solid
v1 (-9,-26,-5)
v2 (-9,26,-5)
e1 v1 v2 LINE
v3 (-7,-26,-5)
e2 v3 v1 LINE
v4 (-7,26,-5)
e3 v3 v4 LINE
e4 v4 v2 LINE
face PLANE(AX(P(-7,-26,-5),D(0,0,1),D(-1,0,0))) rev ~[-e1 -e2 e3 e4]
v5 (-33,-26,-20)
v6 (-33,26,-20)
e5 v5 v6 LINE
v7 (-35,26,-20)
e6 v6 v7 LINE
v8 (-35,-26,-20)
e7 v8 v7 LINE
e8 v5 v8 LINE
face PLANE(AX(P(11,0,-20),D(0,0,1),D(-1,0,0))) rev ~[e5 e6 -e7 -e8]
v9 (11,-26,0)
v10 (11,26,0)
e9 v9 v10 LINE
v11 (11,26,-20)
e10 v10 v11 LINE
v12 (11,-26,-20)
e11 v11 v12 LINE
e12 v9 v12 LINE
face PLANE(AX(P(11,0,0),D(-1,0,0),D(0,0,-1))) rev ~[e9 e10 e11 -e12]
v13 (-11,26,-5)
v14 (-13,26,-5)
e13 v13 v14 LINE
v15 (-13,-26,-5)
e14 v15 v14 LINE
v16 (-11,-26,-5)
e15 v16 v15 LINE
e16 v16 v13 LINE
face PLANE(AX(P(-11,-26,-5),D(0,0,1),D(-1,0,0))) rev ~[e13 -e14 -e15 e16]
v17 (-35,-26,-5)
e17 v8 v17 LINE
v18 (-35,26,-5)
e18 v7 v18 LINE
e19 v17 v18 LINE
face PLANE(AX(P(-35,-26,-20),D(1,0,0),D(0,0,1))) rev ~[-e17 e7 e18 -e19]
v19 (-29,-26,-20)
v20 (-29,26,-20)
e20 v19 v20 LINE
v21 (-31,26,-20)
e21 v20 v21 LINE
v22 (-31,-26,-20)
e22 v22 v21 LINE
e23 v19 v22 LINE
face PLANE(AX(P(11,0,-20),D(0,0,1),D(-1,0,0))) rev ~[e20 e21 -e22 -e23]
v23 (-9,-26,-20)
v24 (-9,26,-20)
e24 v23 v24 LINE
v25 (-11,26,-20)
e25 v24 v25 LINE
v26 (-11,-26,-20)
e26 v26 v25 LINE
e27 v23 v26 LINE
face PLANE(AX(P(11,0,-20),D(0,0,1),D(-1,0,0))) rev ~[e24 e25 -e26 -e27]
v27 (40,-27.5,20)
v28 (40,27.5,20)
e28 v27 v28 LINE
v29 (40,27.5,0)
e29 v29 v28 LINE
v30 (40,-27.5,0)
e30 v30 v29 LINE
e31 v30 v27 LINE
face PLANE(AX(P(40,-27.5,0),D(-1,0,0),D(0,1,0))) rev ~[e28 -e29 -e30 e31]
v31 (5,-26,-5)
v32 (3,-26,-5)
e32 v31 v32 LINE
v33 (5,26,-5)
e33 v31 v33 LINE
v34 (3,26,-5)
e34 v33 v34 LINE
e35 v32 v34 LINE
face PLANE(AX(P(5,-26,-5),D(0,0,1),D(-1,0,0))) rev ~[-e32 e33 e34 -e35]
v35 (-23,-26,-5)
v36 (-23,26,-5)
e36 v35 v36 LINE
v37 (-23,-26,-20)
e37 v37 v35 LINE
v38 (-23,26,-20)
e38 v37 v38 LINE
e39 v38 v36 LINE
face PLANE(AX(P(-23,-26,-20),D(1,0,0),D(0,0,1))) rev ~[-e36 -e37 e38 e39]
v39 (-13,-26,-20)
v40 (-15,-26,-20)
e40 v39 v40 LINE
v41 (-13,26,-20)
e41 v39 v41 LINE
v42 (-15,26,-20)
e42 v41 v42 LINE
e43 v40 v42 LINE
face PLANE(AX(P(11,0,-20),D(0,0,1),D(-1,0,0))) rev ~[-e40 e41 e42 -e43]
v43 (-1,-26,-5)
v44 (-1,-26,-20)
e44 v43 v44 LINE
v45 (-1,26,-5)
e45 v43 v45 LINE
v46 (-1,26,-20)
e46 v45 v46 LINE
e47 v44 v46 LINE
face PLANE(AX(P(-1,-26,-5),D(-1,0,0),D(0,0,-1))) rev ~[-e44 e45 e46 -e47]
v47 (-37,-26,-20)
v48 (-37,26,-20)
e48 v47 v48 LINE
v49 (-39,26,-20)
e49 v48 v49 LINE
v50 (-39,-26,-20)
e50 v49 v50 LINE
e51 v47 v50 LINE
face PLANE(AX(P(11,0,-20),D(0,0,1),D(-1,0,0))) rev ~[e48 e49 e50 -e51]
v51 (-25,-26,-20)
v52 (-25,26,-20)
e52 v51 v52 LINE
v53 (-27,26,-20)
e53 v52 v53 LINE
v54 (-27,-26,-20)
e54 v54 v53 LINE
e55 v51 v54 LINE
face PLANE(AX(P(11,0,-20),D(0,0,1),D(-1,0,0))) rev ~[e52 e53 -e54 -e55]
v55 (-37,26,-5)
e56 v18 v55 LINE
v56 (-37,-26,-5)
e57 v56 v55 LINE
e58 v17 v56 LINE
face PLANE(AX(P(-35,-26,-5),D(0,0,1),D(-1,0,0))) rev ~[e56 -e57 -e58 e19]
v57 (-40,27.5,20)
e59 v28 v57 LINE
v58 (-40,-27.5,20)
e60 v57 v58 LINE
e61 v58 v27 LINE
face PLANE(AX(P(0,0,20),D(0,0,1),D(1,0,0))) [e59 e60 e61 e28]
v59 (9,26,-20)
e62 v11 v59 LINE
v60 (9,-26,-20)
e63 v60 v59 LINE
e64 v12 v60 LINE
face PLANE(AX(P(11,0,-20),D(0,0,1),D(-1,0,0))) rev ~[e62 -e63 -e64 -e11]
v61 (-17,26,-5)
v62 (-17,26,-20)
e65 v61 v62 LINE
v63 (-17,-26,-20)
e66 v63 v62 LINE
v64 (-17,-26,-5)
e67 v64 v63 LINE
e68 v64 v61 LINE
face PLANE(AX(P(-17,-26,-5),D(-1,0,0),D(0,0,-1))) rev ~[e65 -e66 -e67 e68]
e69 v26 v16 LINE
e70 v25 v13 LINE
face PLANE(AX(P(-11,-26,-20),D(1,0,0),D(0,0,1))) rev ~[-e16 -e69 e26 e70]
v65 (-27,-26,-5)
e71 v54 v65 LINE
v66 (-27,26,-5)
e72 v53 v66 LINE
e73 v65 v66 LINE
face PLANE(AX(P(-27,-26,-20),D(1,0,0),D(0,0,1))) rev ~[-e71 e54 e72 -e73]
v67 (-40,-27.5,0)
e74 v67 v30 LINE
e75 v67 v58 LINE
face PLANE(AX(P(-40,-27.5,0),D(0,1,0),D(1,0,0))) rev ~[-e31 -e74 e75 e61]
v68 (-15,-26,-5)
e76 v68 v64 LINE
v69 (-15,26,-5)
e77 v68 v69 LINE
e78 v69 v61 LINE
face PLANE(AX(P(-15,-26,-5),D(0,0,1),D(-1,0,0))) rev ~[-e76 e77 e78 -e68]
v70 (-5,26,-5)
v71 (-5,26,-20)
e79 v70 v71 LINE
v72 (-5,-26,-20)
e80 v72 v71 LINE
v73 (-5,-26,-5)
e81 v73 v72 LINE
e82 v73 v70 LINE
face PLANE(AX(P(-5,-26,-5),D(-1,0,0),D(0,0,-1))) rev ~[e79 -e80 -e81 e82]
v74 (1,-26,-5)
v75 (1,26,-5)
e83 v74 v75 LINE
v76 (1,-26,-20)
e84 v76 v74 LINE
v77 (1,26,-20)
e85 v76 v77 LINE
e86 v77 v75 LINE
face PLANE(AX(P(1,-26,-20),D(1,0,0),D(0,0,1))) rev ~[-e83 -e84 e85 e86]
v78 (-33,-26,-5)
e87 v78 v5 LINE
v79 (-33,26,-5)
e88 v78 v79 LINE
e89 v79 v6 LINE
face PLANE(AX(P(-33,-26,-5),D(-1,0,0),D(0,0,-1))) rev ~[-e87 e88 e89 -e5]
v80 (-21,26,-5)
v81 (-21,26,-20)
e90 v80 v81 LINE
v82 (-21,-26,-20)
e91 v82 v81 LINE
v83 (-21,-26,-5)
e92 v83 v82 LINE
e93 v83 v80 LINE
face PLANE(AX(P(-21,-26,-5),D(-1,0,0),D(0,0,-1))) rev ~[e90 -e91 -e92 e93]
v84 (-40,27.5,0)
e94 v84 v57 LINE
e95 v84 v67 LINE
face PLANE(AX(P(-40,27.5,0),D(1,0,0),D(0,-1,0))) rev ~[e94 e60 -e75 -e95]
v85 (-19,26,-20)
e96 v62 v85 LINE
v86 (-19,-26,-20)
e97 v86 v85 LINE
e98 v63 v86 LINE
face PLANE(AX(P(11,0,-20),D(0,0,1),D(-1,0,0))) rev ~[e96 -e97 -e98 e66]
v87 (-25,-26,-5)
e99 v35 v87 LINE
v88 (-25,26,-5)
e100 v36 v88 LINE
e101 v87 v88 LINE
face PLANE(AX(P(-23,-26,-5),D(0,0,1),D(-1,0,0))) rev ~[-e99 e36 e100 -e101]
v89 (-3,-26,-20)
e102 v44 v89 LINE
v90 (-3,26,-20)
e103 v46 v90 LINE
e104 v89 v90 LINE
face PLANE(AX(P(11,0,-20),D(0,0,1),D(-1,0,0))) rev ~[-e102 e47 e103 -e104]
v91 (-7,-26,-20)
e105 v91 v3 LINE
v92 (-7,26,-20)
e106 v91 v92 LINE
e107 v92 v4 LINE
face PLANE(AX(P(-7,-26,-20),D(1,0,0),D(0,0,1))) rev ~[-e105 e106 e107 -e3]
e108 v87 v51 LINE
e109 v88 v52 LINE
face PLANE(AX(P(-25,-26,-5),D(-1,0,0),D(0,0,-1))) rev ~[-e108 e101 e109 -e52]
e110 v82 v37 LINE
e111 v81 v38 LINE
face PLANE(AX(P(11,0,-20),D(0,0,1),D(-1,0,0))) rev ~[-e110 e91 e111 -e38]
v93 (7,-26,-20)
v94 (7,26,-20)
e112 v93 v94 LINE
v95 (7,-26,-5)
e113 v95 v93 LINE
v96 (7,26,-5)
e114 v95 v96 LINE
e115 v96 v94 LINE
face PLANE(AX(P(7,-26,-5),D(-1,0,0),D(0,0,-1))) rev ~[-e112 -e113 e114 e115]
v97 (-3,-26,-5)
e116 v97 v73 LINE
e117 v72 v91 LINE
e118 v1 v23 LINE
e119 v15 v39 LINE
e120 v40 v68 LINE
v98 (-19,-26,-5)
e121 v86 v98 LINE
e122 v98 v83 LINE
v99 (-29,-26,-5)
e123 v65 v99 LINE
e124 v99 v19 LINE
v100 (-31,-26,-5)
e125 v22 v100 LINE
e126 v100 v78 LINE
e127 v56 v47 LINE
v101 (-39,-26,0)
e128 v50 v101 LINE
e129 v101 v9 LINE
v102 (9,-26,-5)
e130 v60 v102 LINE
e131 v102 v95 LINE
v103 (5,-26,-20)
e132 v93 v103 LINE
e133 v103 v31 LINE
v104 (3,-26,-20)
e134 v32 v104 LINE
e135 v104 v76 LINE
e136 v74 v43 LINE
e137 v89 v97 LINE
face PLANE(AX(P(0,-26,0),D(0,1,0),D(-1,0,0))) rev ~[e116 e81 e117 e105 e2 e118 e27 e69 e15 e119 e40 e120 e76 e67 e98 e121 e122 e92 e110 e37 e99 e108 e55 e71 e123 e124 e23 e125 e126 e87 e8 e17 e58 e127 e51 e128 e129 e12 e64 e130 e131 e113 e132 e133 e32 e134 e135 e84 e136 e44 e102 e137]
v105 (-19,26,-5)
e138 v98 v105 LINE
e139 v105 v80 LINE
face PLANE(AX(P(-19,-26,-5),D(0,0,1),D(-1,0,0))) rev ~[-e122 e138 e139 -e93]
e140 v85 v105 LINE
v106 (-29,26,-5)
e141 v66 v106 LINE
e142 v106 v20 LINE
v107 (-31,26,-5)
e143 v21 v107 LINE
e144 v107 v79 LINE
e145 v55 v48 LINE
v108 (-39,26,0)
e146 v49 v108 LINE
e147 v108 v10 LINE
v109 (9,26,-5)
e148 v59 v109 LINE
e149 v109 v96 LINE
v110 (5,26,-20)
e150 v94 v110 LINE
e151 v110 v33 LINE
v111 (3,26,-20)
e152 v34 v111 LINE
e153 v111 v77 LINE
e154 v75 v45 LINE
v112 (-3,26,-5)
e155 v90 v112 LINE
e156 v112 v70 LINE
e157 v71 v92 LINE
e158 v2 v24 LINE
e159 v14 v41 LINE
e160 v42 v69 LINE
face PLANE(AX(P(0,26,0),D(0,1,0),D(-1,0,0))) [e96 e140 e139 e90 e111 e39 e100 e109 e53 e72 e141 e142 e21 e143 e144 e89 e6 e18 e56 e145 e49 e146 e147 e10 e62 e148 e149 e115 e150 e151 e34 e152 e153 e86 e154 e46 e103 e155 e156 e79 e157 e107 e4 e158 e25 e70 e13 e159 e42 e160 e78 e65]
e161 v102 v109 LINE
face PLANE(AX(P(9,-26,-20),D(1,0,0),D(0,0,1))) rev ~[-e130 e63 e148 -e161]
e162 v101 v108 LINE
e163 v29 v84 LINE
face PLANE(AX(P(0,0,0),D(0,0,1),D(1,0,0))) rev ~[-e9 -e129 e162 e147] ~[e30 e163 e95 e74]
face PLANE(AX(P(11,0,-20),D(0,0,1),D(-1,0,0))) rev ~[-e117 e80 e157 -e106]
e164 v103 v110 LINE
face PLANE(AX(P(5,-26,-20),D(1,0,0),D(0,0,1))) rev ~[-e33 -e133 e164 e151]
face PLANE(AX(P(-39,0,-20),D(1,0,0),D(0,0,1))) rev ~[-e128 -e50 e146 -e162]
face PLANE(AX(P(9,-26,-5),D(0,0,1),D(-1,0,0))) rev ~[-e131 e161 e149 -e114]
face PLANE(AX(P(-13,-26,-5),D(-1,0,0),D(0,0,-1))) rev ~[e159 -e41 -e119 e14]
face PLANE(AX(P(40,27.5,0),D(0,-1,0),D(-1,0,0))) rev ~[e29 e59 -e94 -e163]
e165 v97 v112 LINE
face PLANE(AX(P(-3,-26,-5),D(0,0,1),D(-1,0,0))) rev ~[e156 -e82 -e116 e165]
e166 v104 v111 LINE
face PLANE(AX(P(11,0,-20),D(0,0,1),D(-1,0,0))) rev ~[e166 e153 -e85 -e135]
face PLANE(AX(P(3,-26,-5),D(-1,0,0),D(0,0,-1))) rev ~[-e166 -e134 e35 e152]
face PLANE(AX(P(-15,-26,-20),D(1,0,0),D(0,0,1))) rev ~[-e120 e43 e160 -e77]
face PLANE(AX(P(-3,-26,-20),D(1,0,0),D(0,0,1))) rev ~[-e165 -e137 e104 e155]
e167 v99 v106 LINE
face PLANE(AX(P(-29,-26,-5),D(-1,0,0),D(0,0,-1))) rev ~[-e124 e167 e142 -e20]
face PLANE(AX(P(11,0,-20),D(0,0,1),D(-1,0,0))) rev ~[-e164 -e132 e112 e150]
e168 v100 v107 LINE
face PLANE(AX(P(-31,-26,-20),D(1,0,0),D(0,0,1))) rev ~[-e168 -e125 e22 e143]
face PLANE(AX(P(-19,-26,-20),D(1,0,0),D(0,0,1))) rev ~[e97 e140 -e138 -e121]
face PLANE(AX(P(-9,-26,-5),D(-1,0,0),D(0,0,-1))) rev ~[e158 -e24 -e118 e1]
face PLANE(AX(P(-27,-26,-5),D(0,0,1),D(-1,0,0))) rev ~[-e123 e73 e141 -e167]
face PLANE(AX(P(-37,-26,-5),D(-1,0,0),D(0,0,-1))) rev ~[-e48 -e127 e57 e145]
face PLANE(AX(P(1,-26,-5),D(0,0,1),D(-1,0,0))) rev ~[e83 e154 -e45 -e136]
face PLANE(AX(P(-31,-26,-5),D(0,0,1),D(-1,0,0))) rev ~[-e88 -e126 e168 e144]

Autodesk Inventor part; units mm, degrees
ref_plane "YZ Plane" through (0, 0, 0) normal (1, 0, 0) x (0, 1, 0)
ref_plane "XZ Plane" through (0, 0, 0) normal (0, 1, 0) x (-1, 0, 0)
ref_plane "XY Plane" through (0, 0, 0) normal (0, 0, 1) x (1, 0, 0)
sketch "Szkic1" plane through (0, 0, 0) normal (0, 0, 1) x (1, 0, 0)
  line L0 (-40, -27.5) -> (40, -27.5)
  line L1 (40, -27.5) -> (40, 27.5)
  line L2 (40, 27.5) -> (-40, 27.5)
  line L3 (-40, 27.5) -> (-40, -27.5)
  line L4 (-40, -27.5) -> (40, 27.5) construction
  line L5 (40, -27.5) -> (-40, 27.5) construction
  point P0 (0, 0)
  dimension "d0" = 80
  dimension "d1" = 55
extrude "Wyciągnięcie proste1" add sketch "Szkic1" along normal blind 20
sketch "Szkic2" plane through (0, 0, 0) normal (0, 1, 0) x (-1, 0, 0)
  line L0 (39, 0) -> (-11, 0)
  line L1 (-11, 0) -> (-11, -20)
  line L2 (-11, -20) -> (39, -20)
  line L3 (39, -20) -> (39, 0)
  line L4 (40, 0) -> (40, 20) projected
  line L5 (40, 0) -> (-40, 0) projected
  point P0 (0, 0)
  dimension "d4" = 50
  dimension "d5" = 20
  dimension "d6" = 1
extrude "Wyciągnięcie proste2" add sketch "Szkic2" along normal mid plane 52
sketch "Szkic3" plane through (0, -26, 0) normal (0, -1, 0) x (1, 0, 0)
  line L0 (11, -20) -> (-39, -20) projected
  line L1 (-37, -20) -> (-35, -20)
  line L2 (-35, -20) -> (-35, -5)
  line L3 (-35, -5) -> (-37, -5)
  line L4 (-37, -5) -> (-37, -20)
  line L5 (-39, 0) -> (-39, -20) projected
  line L6 (-33, -20) -> (-31, -20)
  line L7 (-31, -20) -> (-31, -5)
  line L8 (-31, -5) -> (-33, -5)
  line L9 (-33, -5) -> (-33, -20)
  line L10 (-29, -20) -> (-27, -20)
  line L11 (-27, -20) -> (-27, -5)
  line L12 (-27, -5) -> (-29, -5)
  line L13 (-29, -5) -> (-29, -20)
  line L14 (-25, -20) -> (-23, -20)
  line L15 (-23, -20) -> (-23, -5)
  line L16 (-23, -5) -> (-25, -5)
  line L17 (-25, -5) -> (-25, -20)
  line L18 (-21, -20) -> (-19, -20)
  line L19 (-19, -20) -> (-19, -5)
  line L20 (-19, -5) -> (-21, -5)
  line L21 (-21, -5) -> (-21, -20)
  line L22 (-17, -20) -> (-15, -20)
  line L23 (-15, -20) -> (-15, -5)
  line L24 (-15, -5) -> (-17, -5)
  line L25 (-17, -5) -> (-17, -20)
  line L26 (-13, -20) -> (-11, -20)
  line L27 (-11, -20) -> (-11, -5)
  line L28 (-11, -5) -> (-13, -5)
  line L29 (-13, -5) -> (-13, -20)
  line L30 (-9, -20) -> (-7, -20)
  line L31 (-7, -20) -> (-7, -5)
  line L32 (-7, -5) -> (-9, -5)
  line L33 (-9, -5) -> (-9, -20)
  line L34 (-5, -20) -> (-3, -20)
  line L35 (-3, -20) -> (-3, -5)
  line L36 (-3, -5) -> (-5, -5)
  line L37 (-5, -5) -> (-5, -20)
  line L38 (-1, -20) -> (1, -20)
  line L39 (1, -20) -> (1, -5)
  line L40 (1, -5) -> (-1, -5)
  line L41 (-1, -5) -> (-1, -20)
  line L42 (3, -20) -> (5, -20)
  line L43 (5, -20) -> (5, -5)
  line L44 (5, -5) -> (3, -5)
  line L45 (3, -5) -> (3, -20)
  line L46 (7, -20) -> (9, -20)
  line L47 (9, -20) -> (9, -5)
  line L48 (9, -5) -> (7, -5)
  line L49 (7, -5) -> (7, -20)
  point P0 (0, 0)
  dimension "d9" = 2
  dimension "d10" = 15
  dimension "d11" = 2
  dimension "d14" = 4
extrude "Wyciągnięcie proste3" cut sketch "Szkic3" against normal blind 52
properties part number "stepper_driver"
